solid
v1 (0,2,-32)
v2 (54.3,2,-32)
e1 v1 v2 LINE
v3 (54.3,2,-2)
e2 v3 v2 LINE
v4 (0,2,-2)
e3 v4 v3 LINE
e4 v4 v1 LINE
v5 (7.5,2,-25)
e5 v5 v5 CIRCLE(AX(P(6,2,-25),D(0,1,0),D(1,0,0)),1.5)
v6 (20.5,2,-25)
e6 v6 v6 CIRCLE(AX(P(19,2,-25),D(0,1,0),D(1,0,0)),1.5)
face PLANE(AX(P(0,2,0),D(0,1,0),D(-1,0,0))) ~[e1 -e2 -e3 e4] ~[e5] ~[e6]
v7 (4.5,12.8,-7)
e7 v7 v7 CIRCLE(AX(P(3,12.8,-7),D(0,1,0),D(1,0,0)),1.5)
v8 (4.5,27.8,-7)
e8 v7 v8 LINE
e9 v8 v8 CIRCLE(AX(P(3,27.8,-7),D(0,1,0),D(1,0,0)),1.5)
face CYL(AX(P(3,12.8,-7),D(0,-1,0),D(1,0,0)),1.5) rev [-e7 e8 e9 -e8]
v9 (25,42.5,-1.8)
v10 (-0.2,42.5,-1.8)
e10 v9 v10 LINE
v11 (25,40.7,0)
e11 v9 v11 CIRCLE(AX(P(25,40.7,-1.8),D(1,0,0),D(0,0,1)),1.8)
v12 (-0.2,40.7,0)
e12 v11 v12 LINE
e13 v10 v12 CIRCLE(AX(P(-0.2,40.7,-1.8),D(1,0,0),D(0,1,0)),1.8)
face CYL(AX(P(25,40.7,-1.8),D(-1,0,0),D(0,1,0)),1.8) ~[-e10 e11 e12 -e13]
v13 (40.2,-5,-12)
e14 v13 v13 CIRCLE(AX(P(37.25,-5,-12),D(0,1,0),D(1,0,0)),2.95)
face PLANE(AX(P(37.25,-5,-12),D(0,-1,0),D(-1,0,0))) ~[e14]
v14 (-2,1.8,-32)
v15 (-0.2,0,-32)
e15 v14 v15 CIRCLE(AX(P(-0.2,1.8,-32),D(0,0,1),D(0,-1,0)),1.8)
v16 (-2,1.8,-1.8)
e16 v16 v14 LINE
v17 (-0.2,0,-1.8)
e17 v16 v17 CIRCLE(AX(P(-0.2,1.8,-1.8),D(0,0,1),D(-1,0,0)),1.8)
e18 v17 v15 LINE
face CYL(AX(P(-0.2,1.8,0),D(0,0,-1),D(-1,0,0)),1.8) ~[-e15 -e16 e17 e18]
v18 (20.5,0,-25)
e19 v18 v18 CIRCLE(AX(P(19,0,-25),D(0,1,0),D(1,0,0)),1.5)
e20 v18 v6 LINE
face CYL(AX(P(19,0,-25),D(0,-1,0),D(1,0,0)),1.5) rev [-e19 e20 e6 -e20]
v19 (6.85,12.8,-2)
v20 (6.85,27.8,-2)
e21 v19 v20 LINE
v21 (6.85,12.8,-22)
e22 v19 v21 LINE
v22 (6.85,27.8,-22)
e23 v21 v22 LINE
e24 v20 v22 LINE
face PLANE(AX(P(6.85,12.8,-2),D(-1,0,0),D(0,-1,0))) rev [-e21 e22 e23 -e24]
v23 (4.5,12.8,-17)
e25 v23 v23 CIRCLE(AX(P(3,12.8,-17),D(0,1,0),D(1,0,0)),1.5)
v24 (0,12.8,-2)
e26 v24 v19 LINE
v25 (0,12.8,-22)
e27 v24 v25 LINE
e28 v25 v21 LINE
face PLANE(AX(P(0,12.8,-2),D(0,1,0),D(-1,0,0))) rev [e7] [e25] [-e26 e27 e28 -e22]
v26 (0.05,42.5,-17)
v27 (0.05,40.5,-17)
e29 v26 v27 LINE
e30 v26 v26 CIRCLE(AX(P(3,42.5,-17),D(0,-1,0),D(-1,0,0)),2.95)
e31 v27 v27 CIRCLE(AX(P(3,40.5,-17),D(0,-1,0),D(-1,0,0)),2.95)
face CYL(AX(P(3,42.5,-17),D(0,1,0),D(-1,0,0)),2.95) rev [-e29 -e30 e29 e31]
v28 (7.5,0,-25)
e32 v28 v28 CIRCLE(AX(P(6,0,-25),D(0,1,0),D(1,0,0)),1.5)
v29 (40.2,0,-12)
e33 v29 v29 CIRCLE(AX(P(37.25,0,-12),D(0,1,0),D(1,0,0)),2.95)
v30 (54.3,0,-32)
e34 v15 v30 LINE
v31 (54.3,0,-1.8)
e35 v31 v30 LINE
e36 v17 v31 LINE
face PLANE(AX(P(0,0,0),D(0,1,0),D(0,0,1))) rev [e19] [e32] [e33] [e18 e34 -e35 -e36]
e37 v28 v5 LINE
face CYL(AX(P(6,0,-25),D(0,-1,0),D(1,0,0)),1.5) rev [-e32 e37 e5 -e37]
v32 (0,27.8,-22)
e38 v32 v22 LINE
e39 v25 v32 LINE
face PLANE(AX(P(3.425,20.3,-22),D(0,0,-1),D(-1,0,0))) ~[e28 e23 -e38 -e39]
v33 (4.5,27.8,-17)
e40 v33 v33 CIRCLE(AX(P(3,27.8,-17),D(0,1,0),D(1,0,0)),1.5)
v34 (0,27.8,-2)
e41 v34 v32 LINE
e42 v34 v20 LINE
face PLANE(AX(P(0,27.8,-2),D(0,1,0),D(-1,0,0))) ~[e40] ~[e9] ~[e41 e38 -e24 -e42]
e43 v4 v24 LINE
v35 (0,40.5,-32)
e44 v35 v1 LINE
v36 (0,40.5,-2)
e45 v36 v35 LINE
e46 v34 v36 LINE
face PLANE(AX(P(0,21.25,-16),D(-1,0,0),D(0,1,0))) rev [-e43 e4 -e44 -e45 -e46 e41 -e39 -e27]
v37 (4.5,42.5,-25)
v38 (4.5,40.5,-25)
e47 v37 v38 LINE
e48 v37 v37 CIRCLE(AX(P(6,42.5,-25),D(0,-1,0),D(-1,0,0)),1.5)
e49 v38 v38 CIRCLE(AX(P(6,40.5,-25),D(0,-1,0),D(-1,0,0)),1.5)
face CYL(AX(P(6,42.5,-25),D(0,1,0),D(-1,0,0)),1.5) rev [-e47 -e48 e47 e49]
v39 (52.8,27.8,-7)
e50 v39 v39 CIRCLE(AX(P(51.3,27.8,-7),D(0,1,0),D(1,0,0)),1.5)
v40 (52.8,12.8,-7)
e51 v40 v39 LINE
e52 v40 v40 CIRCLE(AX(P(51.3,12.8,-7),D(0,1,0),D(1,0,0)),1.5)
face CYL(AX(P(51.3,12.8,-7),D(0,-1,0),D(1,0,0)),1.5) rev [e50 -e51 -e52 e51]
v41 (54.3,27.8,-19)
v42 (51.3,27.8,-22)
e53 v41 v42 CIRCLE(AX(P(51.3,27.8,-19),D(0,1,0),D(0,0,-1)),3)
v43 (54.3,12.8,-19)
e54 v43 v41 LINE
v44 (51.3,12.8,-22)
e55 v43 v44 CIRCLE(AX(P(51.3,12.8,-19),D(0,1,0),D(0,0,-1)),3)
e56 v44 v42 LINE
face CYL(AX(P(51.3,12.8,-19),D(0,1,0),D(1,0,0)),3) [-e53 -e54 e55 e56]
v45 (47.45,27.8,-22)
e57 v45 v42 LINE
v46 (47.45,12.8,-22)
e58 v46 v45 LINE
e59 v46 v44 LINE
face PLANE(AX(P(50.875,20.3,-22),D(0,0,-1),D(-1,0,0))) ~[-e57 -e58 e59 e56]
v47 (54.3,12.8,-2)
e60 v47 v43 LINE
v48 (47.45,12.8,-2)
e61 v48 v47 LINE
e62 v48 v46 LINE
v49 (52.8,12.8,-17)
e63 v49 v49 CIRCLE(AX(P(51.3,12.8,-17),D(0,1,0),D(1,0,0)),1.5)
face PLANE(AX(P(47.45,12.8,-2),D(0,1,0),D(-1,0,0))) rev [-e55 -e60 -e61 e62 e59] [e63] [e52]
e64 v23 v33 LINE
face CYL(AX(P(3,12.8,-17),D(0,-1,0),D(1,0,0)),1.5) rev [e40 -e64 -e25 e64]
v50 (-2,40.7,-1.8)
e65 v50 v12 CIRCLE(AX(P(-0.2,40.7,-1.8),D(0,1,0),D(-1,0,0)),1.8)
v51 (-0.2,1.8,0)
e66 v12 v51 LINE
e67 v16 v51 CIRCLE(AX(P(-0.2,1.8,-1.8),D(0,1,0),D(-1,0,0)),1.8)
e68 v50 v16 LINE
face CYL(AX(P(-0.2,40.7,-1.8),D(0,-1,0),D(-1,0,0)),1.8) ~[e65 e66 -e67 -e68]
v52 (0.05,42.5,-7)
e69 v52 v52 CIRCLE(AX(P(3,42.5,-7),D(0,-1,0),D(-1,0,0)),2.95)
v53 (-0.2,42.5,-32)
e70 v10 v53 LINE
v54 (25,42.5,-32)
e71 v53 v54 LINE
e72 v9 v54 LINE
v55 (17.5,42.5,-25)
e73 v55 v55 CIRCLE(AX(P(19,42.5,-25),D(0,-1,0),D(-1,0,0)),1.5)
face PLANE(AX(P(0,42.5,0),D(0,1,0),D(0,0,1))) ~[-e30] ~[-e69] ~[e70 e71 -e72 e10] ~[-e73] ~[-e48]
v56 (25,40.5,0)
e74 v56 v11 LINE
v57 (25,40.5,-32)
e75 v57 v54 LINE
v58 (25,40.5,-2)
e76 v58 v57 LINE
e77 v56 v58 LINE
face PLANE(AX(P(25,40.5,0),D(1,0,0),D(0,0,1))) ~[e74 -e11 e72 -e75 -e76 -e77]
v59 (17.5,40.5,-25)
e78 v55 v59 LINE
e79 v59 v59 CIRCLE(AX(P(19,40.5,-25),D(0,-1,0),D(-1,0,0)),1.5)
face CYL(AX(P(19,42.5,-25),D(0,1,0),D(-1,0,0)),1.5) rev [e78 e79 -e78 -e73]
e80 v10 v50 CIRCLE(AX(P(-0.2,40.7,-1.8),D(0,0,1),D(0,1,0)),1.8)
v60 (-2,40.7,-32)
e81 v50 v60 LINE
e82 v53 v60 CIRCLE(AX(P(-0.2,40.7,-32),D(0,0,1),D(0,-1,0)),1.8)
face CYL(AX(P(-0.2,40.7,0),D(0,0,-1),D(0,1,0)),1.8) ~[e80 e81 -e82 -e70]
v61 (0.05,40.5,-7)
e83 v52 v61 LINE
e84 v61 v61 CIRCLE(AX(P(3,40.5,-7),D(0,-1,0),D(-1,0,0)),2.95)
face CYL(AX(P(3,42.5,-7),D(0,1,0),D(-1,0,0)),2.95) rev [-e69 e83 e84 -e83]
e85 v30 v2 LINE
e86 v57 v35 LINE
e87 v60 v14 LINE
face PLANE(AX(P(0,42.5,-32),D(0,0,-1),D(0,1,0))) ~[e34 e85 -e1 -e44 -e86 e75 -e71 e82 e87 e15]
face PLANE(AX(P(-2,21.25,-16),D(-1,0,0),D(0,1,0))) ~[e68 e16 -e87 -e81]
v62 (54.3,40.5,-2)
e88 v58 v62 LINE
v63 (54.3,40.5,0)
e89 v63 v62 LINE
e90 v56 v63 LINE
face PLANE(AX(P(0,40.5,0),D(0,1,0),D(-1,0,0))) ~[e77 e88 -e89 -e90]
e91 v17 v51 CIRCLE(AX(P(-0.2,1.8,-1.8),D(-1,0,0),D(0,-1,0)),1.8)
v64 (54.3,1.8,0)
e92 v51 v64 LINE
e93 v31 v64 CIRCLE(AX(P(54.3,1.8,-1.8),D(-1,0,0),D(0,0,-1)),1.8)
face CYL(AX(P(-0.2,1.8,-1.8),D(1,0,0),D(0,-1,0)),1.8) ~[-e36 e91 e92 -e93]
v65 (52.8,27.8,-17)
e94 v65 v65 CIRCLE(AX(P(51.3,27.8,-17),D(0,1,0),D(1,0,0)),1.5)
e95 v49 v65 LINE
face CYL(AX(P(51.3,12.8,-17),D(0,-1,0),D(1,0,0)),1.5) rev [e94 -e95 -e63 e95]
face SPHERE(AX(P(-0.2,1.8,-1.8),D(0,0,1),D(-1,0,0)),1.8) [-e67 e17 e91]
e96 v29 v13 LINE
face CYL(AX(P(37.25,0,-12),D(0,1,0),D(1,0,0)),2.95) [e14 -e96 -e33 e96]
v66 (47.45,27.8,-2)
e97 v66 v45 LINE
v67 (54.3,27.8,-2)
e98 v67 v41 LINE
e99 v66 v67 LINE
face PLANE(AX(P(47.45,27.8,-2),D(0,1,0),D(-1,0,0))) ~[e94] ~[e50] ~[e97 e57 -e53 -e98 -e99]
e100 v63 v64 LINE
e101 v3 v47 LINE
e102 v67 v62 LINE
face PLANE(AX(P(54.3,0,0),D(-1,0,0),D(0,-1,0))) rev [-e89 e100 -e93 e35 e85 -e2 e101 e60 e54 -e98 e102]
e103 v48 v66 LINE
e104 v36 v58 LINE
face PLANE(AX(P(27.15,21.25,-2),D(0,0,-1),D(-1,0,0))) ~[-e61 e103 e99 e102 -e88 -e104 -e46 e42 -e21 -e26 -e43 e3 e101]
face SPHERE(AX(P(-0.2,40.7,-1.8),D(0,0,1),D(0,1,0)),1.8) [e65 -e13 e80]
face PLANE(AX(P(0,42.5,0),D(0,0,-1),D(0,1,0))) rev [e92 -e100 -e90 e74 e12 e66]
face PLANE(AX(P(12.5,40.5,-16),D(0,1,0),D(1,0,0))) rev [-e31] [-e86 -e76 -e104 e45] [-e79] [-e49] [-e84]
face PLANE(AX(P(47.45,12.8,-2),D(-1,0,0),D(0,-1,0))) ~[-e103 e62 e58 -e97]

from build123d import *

# Parameters (mm, degrees)
SKETCH_W        = 54.3
SKETCH_H        = 38.5
PAD_DEPTH       = 2
SKETCH003_W     = 6.85
SKETCH003_H     = 15
PAD001_DEPTH    = 20
SKETCH001_W     = 54.3
SKETCH001_H     = 2
PAD003_DEPTH    = 32
SKETCH005_W     = 6.85
SKETCH005_H     = 15
PAD004_DEPTH    = 20
SKETCH002_R     = 2.95
PAD005_DEPTH    = 5
SKETCH007_W     = 25
SKETCH007_H     = 32
PAD006_DEPTH    = 2
SKETCH006_R     = 1.5
POCKET_DEPTH    = 15
SKETCH004_R     = 1.5
POCKET001_DEPTH = 20
SKETCH009_R     = 1.5
SKETCH009_R_2   = 2.95
POCKET002_DEPTH = 2
SKETCH008_R     = 1.5
POCKET003_DEPTH = 3
SKETCH010_W     = 42.5
SKETCH010_H     = 32
PAD007_DEPTH    = 2
FILLET_R        = 1.8
FILLET001_R     = 1.8
FILLET002_R     = 1.8
FILLET003_R     = 3


with BuildPart() as body:
    # Sketch → Pad (new body)
    with BuildSketch(Plane.XY):
        with Locations((27.15, 21.25)):
            Rectangle(SKETCH_W, SKETCH_H)
    extrude(amount=PAD_DEPTH)

    # Sketch003 → Pad001 (join)
    with BuildSketch(Plane.XY.offset(2)):
        with Locations((3.425, 20.3)):
            Rectangle(SKETCH003_W, SKETCH003_H)
    extrude(amount=PAD001_DEPTH)

    # Sketch001 → Pad003 (join)
    with BuildSketch(Plane.XY):
        with Locations((27.15, 1)):
            Rectangle(SKETCH001_W, SKETCH001_H)
    extrude(amount=PAD003_DEPTH)

    # Sketch005 (on Face5 of Pad003) → Pad004 (join)
    with BuildSketch(Plane.XY.offset(2)):
        with Locations((50.875, 20.3)):
            Rectangle(SKETCH005_W, SKETCH005_H)
    extrude(amount=PAD004_DEPTH)

    # Sketch002 (on Face18 of Pad004) → Pad005 (join)
    with BuildSketch(Plane.XZ):
        with Locations((37.25, 12)):
            Circle(SKETCH002_R)
    extrude(amount=PAD005_DEPTH)

    # Sketch007 (on Face1 of Pad005) → Pad006 (join)
    with BuildSketch(Plane(origin=(0, 40.5, 0), x_dir=(-1, 0, 0), z_dir=(0, 1, 0))):
        with Locations((-12.5, 16)):
            Rectangle(SKETCH007_W, SKETCH007_H)
    extrude(amount=PAD006_DEPTH)

    # Sketch006 (on Face14 of Pad006) → Pocket (cut)
    with BuildSketch(Plane.XZ.offset(-12.8)):
        with Locations((51.3, 17)):
            Circle(SKETCH006_R)
        with Locations((51.3, 7)):
            Circle(SKETCH006_R)
    extrude(amount=-POCKET_DEPTH, mode=Mode.SUBTRACT)

    # Sketch004 (on Face16 of Pocket) → Pocket001 (cut)
    with BuildSketch(Plane.XZ.offset(-12.8)):
        with Locations((3, 17)):
            Circle(SKETCH004_R)
        with Locations((3, 7)):
            Circle(SKETCH004_R)
    extrude(amount=-POCKET001_DEPTH, mode=Mode.SUBTRACT)

    # Sketch009 (on Face20 of Pocket001) → Pocket002 (cut)
    with BuildSketch(Plane(origin=(0, 42.5, 0), x_dir=(-1, 0, 0), z_dir=(0, 1, 0))):
        with Locations((-6, 25)):
            Circle(SKETCH009_R)
        with Locations((-19, 25)):
            Circle(SKETCH009_R)
        with Locations((-3, 7)):
            Circle(SKETCH009_R_2)
        with Locations((-3, 17)):
            Circle(SKETCH009_R_2)
    extrude(amount=-POCKET002_DEPTH, mode=Mode.SUBTRACT)

    # Sketch008 → Pocket003 (cut)
    with BuildSketch(Plane.XZ):
        with Locations((19, 25)):
            Circle(SKETCH008_R)
        with Locations((6, 25)):
            Circle(SKETCH008_R)
    extrude(amount=-POCKET003_DEPTH, mode=Mode.SUBTRACT)

    # Sketch010 (on Face8 of Pocket003) → Pad007 (join)
    with BuildSketch(Plane(origin=(0, 0, 0), x_dir=(0, -1, 0), z_dir=(-1, 0, 0))):
        with Locations((-21.25, 16)):
            Rectangle(SKETCH010_W, SKETCH010_H)
    extrude(amount=PAD007_DEPTH)

    # Fillet
    fillet_edges = [body.edges().sort_by_distance(p)[0] for p in [
        (-2, 42.5, 16),
    ]]
    fillet(fillet_edges, radius=FILLET_R)

    # Fillet001
    fillet001_edges = [body.edges().sort_by_distance(p)[0] for p in [
        (-2, 0, 16),
    ]]
    fillet(fillet001_edges, radius=FILLET001_R)

    # Fillet002
    fillet002_edges = [body.edges().sort_by_distance(p)[0] for p in [
        (-2, 21.25, 0),
    ]]
    fillet(fillet002_edges, radius=FILLET002_R)

    # Fillet003
    fillet003_edges = [body.edges().sort_by_distance(p)[0] for p in [
        (54.3, 20.3, 22),
    ]]
    fillet(fillet003_edges, radius=FILLET003_R)


with BuildPart() as part_mirroring:
    # Part__Mirroring: instance of Body
    add(body.part.mirror(Plane(origin=(0, 0, 0), x_dir=(0, 1, 0), z_dir=(0, 0, 1))))


solid = part_mirroring.part
